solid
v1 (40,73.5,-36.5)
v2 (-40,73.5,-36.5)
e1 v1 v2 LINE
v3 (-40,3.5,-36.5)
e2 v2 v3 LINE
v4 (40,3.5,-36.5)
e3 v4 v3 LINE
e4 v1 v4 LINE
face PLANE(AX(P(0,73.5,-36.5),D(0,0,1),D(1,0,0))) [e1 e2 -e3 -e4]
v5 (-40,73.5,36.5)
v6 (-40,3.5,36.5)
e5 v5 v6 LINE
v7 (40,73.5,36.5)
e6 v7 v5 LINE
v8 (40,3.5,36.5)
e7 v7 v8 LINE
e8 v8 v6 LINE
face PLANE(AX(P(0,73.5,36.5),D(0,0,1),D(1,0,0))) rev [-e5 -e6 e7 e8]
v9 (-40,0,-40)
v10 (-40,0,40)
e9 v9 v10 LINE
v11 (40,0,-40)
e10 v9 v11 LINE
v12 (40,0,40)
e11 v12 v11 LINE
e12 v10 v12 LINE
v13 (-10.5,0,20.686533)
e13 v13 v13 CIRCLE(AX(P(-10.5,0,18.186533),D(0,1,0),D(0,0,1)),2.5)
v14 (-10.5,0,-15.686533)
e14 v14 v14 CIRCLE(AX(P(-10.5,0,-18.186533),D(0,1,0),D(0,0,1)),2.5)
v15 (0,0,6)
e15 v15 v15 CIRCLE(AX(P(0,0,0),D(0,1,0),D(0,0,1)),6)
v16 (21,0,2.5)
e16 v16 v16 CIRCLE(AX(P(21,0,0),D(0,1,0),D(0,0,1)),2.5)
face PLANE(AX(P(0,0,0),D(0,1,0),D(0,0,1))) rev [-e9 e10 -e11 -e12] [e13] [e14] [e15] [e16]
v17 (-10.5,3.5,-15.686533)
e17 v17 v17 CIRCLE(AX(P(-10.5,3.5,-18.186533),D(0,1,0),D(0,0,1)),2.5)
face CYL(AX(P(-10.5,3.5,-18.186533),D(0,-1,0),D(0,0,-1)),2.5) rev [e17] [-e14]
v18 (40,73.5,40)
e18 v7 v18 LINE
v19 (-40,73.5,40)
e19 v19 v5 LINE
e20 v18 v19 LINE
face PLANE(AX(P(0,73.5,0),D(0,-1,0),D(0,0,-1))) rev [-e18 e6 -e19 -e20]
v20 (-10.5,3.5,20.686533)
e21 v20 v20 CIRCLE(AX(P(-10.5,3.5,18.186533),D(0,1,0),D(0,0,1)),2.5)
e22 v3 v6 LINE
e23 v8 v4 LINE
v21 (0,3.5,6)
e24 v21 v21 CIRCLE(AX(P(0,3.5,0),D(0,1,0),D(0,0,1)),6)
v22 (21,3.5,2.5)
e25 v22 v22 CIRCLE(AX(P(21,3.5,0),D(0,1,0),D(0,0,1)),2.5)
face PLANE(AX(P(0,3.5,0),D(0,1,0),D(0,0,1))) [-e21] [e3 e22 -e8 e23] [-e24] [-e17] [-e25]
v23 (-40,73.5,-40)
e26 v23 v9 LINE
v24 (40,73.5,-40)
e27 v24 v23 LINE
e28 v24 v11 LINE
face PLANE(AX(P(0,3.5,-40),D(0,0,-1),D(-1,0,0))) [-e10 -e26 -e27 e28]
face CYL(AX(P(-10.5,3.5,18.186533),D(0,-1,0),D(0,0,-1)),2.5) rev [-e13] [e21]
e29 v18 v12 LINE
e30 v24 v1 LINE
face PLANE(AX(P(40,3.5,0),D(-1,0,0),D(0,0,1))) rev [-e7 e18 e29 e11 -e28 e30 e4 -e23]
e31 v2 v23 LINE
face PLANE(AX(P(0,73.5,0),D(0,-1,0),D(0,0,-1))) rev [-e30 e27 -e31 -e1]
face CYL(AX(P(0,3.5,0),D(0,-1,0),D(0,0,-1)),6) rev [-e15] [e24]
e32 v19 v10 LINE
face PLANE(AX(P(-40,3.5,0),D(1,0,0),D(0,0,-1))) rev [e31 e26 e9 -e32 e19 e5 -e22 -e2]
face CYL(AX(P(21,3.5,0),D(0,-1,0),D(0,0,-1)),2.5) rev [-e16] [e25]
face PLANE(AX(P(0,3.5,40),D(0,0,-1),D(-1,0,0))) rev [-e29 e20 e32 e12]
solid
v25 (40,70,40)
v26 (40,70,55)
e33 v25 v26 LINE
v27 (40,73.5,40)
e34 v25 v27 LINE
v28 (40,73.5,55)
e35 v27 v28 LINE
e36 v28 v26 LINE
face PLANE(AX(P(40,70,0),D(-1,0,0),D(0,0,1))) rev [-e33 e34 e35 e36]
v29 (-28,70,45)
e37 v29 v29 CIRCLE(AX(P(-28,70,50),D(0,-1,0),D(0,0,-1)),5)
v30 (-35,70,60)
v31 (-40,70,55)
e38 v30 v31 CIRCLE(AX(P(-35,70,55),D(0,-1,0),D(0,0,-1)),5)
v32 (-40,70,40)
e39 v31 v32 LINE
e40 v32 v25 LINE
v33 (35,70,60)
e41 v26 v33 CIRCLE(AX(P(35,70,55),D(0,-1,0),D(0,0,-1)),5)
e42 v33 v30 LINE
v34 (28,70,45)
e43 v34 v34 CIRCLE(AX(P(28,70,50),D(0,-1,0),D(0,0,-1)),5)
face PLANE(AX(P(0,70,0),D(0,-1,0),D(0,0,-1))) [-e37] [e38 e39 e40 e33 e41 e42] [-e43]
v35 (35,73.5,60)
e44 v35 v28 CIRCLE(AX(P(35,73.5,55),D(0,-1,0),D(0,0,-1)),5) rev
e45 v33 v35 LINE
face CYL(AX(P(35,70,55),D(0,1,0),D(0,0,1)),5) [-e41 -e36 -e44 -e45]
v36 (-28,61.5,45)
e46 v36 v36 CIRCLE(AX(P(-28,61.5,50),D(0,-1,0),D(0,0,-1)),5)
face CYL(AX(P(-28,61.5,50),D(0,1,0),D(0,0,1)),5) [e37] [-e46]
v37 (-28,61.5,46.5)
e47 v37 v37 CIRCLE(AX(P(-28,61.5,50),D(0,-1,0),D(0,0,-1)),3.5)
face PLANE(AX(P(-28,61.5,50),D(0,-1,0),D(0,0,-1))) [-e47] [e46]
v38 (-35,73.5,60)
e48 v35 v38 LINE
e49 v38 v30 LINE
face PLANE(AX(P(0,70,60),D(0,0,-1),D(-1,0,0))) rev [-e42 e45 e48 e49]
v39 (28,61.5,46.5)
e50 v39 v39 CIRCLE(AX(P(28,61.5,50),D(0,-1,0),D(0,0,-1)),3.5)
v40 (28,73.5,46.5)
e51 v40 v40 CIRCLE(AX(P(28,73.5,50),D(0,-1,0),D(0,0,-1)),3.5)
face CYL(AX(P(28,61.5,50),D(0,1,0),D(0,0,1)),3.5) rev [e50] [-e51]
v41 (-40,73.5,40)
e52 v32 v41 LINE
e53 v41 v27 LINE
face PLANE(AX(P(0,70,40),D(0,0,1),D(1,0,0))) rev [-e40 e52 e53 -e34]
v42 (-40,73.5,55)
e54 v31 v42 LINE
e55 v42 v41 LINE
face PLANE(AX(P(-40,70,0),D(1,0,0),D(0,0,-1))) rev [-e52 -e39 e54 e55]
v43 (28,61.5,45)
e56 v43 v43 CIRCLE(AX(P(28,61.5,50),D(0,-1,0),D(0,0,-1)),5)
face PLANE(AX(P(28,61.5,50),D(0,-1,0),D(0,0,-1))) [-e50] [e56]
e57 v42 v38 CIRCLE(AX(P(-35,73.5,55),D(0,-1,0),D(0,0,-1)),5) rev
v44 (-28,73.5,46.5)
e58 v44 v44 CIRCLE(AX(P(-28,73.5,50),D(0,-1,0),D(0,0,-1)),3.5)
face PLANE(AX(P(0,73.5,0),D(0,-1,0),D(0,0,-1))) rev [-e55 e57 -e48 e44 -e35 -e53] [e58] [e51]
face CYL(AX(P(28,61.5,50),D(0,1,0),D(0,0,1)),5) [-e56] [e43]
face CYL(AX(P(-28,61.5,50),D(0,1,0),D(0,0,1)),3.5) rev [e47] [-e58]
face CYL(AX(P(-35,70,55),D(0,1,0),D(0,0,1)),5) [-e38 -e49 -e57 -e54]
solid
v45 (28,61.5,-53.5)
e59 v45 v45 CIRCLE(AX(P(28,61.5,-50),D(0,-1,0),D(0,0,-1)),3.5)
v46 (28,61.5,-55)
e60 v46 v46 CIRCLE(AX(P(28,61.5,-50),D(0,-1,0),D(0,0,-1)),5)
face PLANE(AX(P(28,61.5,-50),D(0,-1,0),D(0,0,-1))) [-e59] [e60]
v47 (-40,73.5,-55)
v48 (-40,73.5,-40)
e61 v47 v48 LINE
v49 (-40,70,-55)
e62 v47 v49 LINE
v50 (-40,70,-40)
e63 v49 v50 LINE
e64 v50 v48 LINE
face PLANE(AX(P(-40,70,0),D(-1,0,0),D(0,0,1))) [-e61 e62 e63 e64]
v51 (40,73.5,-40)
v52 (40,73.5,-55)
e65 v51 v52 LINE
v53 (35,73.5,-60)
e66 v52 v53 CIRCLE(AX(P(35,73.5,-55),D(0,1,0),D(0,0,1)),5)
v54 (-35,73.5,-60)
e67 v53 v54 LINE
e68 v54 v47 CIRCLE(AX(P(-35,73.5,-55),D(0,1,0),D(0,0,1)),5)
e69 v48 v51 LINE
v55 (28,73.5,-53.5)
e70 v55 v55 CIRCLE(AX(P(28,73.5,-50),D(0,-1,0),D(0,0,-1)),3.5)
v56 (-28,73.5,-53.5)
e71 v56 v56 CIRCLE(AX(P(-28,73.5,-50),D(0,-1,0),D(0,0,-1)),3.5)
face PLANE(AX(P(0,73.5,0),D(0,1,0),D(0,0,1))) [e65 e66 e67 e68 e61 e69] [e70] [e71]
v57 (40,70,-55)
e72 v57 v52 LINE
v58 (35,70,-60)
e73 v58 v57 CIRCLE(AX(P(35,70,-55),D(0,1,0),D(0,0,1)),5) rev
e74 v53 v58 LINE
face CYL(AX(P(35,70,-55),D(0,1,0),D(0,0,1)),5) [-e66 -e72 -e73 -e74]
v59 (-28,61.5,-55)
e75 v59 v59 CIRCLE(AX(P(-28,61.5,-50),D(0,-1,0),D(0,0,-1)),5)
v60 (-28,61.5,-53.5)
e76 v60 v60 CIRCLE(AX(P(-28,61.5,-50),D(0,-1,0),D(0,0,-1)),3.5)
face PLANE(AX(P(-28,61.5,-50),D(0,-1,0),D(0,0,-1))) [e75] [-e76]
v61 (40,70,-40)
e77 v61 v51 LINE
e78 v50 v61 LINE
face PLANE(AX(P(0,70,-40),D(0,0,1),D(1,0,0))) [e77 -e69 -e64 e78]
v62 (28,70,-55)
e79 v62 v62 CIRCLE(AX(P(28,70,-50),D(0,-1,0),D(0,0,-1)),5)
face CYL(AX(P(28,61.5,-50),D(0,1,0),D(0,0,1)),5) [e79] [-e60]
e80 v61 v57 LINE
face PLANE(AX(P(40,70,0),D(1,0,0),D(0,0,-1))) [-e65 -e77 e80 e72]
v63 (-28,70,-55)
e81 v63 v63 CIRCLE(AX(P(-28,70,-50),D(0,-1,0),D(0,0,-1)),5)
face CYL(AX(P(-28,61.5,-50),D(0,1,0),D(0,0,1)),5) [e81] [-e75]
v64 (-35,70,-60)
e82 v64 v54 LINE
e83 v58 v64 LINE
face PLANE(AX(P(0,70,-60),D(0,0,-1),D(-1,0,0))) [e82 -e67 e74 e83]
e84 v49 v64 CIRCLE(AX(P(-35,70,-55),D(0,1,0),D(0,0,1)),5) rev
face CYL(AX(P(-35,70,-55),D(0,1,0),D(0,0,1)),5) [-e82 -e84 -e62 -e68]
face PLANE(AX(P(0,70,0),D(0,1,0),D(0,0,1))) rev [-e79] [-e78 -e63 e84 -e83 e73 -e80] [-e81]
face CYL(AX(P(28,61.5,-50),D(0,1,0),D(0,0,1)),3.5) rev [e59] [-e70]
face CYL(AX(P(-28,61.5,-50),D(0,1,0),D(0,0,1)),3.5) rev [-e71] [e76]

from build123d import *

# Parameters (mm, degrees)
SKETCH1_W             = 80
SKETCH1_H             = 80
SKETCH1_R             = 2.5
SKETCH1_R_2           = 6
BOSS_EXTRUDE1_DEPTH   = 3.5
BOSS_EXTRUDE2_START   = 3.5
SKETCH1_4_W           = 80
SKETCH1_4_H           = 3.5
BOSS_EXTRUDE2_DEPTH   = 70
BOSS_EXTRUDE3_START   = 73.5
SKETCH1_5_W           = 80
SKETCH1_5_H           = 20
SKETCH1_5_R           = 5
BOSS_EXTRUDE3_DEPTH   = 3.5
BOSS_EXTRUDE3_2_DEPTH = 3.5
BOSS_EXTRUDE4_START   = 73.5
SKETCH1_6_R           = 5
SKETCH1_6_R_2         = 3.5
BOSS_EXTRUDE4_DEPTH   = 12
FILLET1_R             = 5
FILLET2_R             = 5


with BuildPart() as part:
    # Sketch1 → Boss-Extrude1 (new body)
    with BuildSketch(Plane(origin=(0, 0, 0), x_dir=(1, 0, 0), z_dir=(0, 1, 0))):
        Rectangle(SKETCH1_W, SKETCH1_H)
        with Locations((21, 0)):
            Circle(SKETCH1_R, mode=Mode.SUBTRACT)
        with Locations((-10.5, -18.186533479)):
            Circle(SKETCH1_R, mode=Mode.SUBTRACT)
        with Locations((-10.5, 18.186533479)):
            Circle(SKETCH1_R, mode=Mode.SUBTRACT)
        Circle(SKETCH1_R_2, mode=Mode.SUBTRACT)
    extrude(amount=BOSS_EXTRUDE1_DEPTH)

    # Sketch1_4 → Boss-Extrude2 (add)
    with BuildSketch(Plane(origin=(0, 0, 0), x_dir=(1, 0, 0), z_dir=(0, 1, 0)).offset(BOSS_EXTRUDE2_START)):
        with Locations((0, 38.25)):
            Rectangle(SKETCH1_4_W, SKETCH1_4_H)
        with Locations((0, -38.25)):
            Rectangle(SKETCH1_4_W, SKETCH1_4_H)
    extrude(amount=BOSS_EXTRUDE2_DEPTH)


with BuildPart() as body_2:
    # Sketch1_5 → Boss-Extrude3 (new body)
    with BuildSketch(Plane(origin=(0, 0, 0), x_dir=(1, 0, 0), z_dir=(0, 1, 0)).offset(BOSS_EXTRUDE3_START)):
        with Locations((0, -50)):
            Rectangle(SKETCH1_5_W, SKETCH1_5_H)
        with Locations((28, -50)):
            Circle(SKETCH1_5_R, mode=Mode.SUBTRACT)
        with Locations((-28, -50)):
            Circle(SKETCH1_5_R, mode=Mode.SUBTRACT)
    extrude(amount=-BOSS_EXTRUDE3_DEPTH)



with BuildPart() as body_3:
    # Sketch1_5 → Boss-Extrude3 2 (new body)
    with BuildSketch(Plane(origin=(0, 0, 0), x_dir=(1, 0, 0), z_dir=(0, 1, 0)).offset(BOSS_EXTRUDE3_START)):
        with Locations((0, 50)):
            Rectangle(SKETCH1_5_W, SKETCH1_5_H)
        with Locations((-28, 50)):
            Circle(SKETCH1_5_R, mode=Mode.SUBTRACT)
        with Locations((28, 50)):
            Circle(SKETCH1_5_R, mode=Mode.SUBTRACT)
    extrude(amount=-BOSS_EXTRUDE3_2_DEPTH)


with BuildPart() as body_2_1:
    add(body_2.part)

    add(body_3.part)  # Boss-Extrude4 merges body 3
    # Sketch1_6 → Boss-Extrude4 (add)
    with BuildSketch(Plane(origin=(0, 0, 0), x_dir=(1, 0, 0), z_dir=(0, 1, 0)).offset(BOSS_EXTRUDE4_START)):
        with Locations((28, -50)):
            Circle(SKETCH1_6_R)
        with Locations((28, -50)):
            Circle(SKETCH1_6_R_2, mode=Mode.SUBTRACT)
        with Locations((-28, -50)):
            Circle(SKETCH1_6_R)
        with Locations((-28, -50)):
            Circle(SKETCH1_6_R_2, mode=Mode.SUBTRACT)
        with Locations((-28, 50)):
            Circle(SKETCH1_6_R)
        with Locations((-28, 50)):
            Circle(SKETCH1_6_R_2, mode=Mode.SUBTRACT)
        with Locations((28, 50)):
            Circle(SKETCH1_6_R)
        with Locations((28, 50)):
            Circle(SKETCH1_6_R_2, mode=Mode.SUBTRACT)
    extrude(amount=-BOSS_EXTRUDE4_DEPTH)

    # Fillet1
    fillet1_edges = [body_2_1.edges().sort_by_distance(p)[0] for p in [
        (40, 71.75, -60),
        (-40, 71.75, -60),
    ]]
    fillet(fillet1_edges, radius=FILLET1_R)

    # Fillet2
    fillet2_edges = [body_2_1.edges().sort_by_distance(p)[0] for p in [
        (-40, 71.75, 60),
        (40, 71.75, 60),
    ]]
    fillet(fillet2_edges, radius=FILLET2_R)


solid = Compound([part.part, body_2_1.part])
